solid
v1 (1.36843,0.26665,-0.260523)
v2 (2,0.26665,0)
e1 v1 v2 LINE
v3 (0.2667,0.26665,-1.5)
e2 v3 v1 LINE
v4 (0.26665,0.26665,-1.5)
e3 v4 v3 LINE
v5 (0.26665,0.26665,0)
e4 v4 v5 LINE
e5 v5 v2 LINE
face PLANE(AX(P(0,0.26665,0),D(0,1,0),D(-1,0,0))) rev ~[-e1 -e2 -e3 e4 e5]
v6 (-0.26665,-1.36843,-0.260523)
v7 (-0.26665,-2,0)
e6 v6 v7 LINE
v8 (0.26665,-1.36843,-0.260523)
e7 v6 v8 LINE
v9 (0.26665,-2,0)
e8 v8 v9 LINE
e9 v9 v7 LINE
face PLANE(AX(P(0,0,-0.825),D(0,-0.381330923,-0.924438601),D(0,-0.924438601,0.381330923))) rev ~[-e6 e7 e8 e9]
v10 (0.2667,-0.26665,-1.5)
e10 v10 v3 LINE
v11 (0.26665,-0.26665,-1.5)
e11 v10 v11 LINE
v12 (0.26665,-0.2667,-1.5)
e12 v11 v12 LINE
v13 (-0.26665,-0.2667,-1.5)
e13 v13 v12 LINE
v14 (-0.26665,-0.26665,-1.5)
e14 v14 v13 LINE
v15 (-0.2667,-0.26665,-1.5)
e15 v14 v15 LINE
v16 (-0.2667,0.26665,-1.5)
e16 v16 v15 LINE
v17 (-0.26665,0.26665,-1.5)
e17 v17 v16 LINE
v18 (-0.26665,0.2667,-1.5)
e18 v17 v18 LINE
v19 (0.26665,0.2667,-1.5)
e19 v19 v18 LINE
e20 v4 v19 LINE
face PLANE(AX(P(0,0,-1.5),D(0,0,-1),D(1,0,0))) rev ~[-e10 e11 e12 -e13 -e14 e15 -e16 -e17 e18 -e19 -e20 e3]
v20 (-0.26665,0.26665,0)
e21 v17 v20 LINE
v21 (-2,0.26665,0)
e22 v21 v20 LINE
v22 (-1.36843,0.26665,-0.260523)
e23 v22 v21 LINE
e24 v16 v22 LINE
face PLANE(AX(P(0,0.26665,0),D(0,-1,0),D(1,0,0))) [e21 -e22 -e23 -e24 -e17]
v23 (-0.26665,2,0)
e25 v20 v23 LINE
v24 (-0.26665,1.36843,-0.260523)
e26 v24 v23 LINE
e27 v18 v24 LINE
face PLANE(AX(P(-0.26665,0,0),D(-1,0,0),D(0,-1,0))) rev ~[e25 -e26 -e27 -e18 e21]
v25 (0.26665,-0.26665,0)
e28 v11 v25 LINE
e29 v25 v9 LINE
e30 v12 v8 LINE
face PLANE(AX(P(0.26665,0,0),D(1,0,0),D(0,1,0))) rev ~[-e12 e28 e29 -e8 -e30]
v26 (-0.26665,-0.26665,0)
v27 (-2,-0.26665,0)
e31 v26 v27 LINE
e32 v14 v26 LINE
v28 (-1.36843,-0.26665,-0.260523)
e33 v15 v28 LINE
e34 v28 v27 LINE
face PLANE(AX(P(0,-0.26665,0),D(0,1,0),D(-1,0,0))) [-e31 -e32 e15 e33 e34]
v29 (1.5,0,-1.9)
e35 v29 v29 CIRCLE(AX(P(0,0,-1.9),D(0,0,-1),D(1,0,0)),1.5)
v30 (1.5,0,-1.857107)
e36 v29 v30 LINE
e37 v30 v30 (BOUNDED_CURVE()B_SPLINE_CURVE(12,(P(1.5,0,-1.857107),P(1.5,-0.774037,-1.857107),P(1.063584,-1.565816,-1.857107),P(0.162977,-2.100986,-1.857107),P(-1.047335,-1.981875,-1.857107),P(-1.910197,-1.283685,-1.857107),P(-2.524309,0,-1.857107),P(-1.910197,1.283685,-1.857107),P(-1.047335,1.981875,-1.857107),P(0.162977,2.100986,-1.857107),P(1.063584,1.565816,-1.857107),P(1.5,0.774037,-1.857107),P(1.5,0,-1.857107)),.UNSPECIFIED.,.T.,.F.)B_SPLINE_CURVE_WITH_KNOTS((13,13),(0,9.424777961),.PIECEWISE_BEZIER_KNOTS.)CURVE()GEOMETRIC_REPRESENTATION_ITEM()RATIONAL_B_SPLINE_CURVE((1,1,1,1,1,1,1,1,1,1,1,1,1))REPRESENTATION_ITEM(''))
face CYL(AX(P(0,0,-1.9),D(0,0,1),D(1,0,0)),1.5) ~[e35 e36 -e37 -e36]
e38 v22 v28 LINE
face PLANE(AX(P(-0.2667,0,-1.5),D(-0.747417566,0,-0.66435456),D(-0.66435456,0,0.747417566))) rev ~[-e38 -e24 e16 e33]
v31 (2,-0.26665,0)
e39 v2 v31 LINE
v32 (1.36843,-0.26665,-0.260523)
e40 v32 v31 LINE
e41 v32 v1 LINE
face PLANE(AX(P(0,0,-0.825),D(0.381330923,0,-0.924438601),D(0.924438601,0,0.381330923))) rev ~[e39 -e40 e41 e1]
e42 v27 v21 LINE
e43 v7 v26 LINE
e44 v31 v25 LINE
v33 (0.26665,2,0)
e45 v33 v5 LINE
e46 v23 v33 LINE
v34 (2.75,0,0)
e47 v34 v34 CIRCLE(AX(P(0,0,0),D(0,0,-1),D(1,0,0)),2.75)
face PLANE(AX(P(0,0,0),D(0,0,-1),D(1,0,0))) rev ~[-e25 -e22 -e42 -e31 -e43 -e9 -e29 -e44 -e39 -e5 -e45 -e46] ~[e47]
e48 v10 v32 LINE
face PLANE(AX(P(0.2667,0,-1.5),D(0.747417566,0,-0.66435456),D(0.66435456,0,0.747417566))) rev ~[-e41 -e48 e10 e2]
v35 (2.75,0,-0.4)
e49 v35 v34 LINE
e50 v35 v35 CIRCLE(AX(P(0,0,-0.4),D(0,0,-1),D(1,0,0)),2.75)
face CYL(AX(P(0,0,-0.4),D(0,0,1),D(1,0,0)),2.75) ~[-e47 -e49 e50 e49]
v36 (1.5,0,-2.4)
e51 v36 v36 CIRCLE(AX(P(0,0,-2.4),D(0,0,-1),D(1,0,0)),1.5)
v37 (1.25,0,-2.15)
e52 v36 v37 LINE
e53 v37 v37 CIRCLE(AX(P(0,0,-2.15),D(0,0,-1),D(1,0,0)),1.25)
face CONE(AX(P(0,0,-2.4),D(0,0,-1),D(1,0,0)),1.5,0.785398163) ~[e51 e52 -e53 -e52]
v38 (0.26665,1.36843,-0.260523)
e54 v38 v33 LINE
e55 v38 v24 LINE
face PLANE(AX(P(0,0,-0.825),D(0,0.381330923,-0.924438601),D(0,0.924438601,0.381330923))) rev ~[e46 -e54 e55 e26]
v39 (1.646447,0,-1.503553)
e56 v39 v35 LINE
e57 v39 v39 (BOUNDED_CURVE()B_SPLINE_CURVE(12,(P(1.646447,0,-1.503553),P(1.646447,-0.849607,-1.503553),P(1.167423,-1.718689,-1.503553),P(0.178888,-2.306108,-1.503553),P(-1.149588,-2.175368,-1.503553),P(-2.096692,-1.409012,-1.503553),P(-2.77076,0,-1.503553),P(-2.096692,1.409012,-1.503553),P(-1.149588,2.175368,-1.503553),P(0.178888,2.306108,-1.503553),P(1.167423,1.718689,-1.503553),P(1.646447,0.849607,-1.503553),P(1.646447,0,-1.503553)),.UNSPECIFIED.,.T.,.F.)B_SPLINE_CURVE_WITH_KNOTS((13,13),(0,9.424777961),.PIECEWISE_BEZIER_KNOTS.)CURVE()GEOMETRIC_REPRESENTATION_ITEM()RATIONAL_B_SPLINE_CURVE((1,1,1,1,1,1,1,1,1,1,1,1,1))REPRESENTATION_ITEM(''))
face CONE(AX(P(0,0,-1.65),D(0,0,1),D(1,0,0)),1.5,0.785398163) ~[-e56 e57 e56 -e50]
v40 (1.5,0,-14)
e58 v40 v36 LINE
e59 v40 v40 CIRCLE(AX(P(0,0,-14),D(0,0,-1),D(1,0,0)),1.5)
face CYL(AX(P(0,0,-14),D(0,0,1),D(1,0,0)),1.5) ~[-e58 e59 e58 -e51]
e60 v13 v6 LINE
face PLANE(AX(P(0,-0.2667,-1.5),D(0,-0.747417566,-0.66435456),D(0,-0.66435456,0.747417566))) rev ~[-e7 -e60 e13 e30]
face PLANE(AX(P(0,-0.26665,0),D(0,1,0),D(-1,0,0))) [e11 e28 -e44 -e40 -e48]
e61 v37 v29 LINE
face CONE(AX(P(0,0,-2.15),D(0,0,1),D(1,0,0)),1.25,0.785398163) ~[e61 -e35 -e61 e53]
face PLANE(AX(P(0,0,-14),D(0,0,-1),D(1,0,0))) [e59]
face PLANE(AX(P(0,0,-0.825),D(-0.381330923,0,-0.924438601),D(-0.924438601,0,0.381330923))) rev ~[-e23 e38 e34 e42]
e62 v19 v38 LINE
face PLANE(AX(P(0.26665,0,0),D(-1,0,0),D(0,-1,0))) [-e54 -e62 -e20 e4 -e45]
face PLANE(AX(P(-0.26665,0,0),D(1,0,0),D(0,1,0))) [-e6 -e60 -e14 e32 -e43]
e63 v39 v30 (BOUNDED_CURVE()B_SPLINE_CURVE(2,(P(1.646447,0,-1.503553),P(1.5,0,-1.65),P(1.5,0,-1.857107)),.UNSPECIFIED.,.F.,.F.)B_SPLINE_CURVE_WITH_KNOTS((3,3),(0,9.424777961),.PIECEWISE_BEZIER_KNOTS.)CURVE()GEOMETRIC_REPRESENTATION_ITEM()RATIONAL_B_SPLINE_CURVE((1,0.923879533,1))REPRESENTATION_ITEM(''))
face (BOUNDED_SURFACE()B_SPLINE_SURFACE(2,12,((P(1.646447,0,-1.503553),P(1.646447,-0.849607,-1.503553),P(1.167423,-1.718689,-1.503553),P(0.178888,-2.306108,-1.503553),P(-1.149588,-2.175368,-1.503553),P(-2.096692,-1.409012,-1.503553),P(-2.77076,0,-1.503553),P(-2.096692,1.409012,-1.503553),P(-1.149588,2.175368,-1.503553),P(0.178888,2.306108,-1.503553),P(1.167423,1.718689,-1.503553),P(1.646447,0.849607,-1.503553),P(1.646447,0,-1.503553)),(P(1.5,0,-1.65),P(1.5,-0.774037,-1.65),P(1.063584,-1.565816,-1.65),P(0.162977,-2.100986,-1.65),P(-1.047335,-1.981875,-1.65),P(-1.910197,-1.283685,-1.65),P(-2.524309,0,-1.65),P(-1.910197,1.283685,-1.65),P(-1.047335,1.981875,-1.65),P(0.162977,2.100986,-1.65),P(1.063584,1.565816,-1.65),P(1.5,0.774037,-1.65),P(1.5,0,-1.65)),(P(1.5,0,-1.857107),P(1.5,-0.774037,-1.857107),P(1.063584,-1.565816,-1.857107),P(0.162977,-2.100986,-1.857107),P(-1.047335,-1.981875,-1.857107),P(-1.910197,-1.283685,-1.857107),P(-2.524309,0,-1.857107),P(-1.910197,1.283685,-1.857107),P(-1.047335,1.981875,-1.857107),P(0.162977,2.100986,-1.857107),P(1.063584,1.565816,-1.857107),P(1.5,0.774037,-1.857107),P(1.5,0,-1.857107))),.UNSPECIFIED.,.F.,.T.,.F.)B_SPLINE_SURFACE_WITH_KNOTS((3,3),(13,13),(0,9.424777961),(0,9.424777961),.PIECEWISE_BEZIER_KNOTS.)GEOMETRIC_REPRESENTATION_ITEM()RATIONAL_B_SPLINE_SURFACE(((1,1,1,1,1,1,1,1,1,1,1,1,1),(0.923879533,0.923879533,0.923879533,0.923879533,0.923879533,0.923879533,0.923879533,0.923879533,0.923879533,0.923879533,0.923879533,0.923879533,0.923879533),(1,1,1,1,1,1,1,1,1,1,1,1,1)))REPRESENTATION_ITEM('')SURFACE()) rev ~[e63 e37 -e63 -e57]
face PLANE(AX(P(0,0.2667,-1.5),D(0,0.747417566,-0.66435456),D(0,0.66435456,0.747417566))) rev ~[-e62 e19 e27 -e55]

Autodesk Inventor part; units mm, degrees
ref_plane "YZ Plane" through (0, 0, 0) normal (1, 0, 0) x (0, 1, 0)
sketch "Esquisse1" plane through (0, 0, 0) normal (0, 1, 0) x (-1, 0, 0)
  point P0 (0, 0)
sketch "Esquisse2" plane through (0, 0, 0) normal (0, 0, 1) x (1, 0, 0)
  point P0 (0, 0)
sketch "Esquisse3" plane through (0, 0, 0) normal (0, 0, 1) x (1, 0, 0)
  point P0 (0, 0)
sketch "Esquisse4" plane through (0, 0, 0) normal (0, 1, 0) x (-1, 0, 0)
  line L0 (-2.75, 0) -> (0, 0)
  line L1 (-2.75, -0.4) -> (-2.75, 0)
  line L2 (-1.5, -1.65) -> (-2.75, -0.4)
  line L3 (-1.5, -1.9) -> (-1.5, -1.65)
  line L4 (-1.25, -2.15) -> (-1.5, -1.9)
  line L5 (-1.5, -2.4) -> (-1.25, -2.15)
  line L6 (-1.5, -14) -> (-1.5, -2.4)
  line L7 (0, 0) -> (0, -14)
  line L8 (0, 3.3392) -> (0, -10.7) construction
  line L9 (0, 3.3392) -> (0, -10.7)
  line L10 (0, -17.4678) -> (0, 6.8071) projected
  line L11 (-1.5, -14) -> (0, -14)
  line L12 (0.55, 0) -> (-3.3, 0) projected
  dimension "d3" = 2.75
  dimension "d5" = 0.25
  dimension "d7" = 0.25
  dimension "d9" = 0.25
  dimension "d11" = 1.65
  dimension "d13" = 135
  dimension "d17" = 1.25
  dimension "d19" = 0
  dimension "d51" = 1.5
  dimension "d52" = 14
revolve "Révolution1" add sketch "Esquisse4" angle 360 about axis through (0, 0, 3.3392) along (0, 0, -1)
sketch "Esquisse5" plane through (0, 0, 0) normal (0, 1, 0) x (-1, 0, 0)
  line L0 (-1.6, 0) -> (0, 0)
  line L1 (-0.2667, -1.5) -> (-1.6, 0)
  line L2 (0, -1.5) -> (-0.2667, -1.5)
  line L3 (0, 0) -> (0, -1.5)
  line L4 (-1.5, -1.65) -> (1.5, -1.65) construction
  line L5 (-2.75, 0) -> (2.75, 0) projected
  line L6 (0, -1.98) -> (0, 0.33) projected
  dimension "d22" = 1.6
  dimension "d24" = 0.2667
  dimension "d26" = 1.5
extrude "Extrusion1" cut sketch "Esquisse5" along normal mid plane 0.5333
pattern_circular "RéseauPolaire1" count 4 over 360 about axis through (0, 0, 0) along (0, 0, 1) of "Extrusion1"
sketch "Esquisse7" plane through (0, 0, 0) normal (0, 1, 0) x (-1, 0, 0)
  line L0 (0, -0.825) -> (-2, 0)
  line L1 (0, 0) -> (0, -0.825)
  line L2 (-2, 0) -> (0, 0)
  line L3 (-1.5, -1.65) -> (1.5, -1.65) construction
  line L4 (0, -1.98) -> (0, 0.33) projected
  line L5 (-2.75, 0) -> (2.75, 0) projected
  dimension "d33" = 2
  dimension "d35" = 0.825
extrude "Extrusion2" cut sketch "Esquisse7" along normal mid plane 0.5333
pattern_circular "RéseauPolaire2" count 4 over 360 about axis through (0, 0, 0) along (0, 0, 1) of "Extrusion2"
fillet "Congé1" radius 0.5 1 edges at (-1.5, 0, -1.65)
thread "Filetage1" size "M3x0.5" class "6g" standard "ISO Metric profile" full length
ref_plane "MSC_PF1" through (0, 0, 0) normal (1, 0, 0) x (0, 1, 0)
ref_plane "MSC_PT1" through (0, 0, 0) normal (0, 0, -1) x (-1, 0, 0)
equation "\"d3\" = 0.5 * Dh"
equation "\"d5\" = msp_x"
equation "\"d7\" = ParA"
equation "\"d9\" = msp_x"
equation "\"d11\" = ParK"
equation "\"d17\" = 0.5 * msp_mdtds"
equation "\"d51\" = 0.5 * NND"
equation "\"d52\" = NLG"
equation "\"d22\" = 0.5 * M"
equation "\"d24\" = 0.0833333 * M"
equation "\"d26\" = 0.909091 * ParK"
equation "\"d27\" = 0.166667 * M"
equation "\"d33\" = 0.625 * M"
equation "\"d35\" = 0.5 * ParK"
equation "\"d36\" = 0.166667 * M"
equation "\"d41\" = 2 * msp_x"
equation "\"PTC\" = 0.5"
equation "\"NLG\" = 14"
equation "\"ParK\" = 1.65"
equation "\"NND\" = 3"
equation "\"M\" = 3.2"
equation "\"msp_mdtds\" = NND - PTC"
equation "\"Dh\" = 5.5"
equation "\"msp_x\" = 0.5 * PTC"
equation "\"ParA\" = 0.5 * PTC"
equation "\"r\" = 0.8"
equation "\"THREADDIA\" = NND"
equation "\"TEMPLATE\" = 1.2345"
properties part number "NF EN ISO 7046-2 H - M3x14 - 8.8 - H1" material "Acier inoxydable 440C"
